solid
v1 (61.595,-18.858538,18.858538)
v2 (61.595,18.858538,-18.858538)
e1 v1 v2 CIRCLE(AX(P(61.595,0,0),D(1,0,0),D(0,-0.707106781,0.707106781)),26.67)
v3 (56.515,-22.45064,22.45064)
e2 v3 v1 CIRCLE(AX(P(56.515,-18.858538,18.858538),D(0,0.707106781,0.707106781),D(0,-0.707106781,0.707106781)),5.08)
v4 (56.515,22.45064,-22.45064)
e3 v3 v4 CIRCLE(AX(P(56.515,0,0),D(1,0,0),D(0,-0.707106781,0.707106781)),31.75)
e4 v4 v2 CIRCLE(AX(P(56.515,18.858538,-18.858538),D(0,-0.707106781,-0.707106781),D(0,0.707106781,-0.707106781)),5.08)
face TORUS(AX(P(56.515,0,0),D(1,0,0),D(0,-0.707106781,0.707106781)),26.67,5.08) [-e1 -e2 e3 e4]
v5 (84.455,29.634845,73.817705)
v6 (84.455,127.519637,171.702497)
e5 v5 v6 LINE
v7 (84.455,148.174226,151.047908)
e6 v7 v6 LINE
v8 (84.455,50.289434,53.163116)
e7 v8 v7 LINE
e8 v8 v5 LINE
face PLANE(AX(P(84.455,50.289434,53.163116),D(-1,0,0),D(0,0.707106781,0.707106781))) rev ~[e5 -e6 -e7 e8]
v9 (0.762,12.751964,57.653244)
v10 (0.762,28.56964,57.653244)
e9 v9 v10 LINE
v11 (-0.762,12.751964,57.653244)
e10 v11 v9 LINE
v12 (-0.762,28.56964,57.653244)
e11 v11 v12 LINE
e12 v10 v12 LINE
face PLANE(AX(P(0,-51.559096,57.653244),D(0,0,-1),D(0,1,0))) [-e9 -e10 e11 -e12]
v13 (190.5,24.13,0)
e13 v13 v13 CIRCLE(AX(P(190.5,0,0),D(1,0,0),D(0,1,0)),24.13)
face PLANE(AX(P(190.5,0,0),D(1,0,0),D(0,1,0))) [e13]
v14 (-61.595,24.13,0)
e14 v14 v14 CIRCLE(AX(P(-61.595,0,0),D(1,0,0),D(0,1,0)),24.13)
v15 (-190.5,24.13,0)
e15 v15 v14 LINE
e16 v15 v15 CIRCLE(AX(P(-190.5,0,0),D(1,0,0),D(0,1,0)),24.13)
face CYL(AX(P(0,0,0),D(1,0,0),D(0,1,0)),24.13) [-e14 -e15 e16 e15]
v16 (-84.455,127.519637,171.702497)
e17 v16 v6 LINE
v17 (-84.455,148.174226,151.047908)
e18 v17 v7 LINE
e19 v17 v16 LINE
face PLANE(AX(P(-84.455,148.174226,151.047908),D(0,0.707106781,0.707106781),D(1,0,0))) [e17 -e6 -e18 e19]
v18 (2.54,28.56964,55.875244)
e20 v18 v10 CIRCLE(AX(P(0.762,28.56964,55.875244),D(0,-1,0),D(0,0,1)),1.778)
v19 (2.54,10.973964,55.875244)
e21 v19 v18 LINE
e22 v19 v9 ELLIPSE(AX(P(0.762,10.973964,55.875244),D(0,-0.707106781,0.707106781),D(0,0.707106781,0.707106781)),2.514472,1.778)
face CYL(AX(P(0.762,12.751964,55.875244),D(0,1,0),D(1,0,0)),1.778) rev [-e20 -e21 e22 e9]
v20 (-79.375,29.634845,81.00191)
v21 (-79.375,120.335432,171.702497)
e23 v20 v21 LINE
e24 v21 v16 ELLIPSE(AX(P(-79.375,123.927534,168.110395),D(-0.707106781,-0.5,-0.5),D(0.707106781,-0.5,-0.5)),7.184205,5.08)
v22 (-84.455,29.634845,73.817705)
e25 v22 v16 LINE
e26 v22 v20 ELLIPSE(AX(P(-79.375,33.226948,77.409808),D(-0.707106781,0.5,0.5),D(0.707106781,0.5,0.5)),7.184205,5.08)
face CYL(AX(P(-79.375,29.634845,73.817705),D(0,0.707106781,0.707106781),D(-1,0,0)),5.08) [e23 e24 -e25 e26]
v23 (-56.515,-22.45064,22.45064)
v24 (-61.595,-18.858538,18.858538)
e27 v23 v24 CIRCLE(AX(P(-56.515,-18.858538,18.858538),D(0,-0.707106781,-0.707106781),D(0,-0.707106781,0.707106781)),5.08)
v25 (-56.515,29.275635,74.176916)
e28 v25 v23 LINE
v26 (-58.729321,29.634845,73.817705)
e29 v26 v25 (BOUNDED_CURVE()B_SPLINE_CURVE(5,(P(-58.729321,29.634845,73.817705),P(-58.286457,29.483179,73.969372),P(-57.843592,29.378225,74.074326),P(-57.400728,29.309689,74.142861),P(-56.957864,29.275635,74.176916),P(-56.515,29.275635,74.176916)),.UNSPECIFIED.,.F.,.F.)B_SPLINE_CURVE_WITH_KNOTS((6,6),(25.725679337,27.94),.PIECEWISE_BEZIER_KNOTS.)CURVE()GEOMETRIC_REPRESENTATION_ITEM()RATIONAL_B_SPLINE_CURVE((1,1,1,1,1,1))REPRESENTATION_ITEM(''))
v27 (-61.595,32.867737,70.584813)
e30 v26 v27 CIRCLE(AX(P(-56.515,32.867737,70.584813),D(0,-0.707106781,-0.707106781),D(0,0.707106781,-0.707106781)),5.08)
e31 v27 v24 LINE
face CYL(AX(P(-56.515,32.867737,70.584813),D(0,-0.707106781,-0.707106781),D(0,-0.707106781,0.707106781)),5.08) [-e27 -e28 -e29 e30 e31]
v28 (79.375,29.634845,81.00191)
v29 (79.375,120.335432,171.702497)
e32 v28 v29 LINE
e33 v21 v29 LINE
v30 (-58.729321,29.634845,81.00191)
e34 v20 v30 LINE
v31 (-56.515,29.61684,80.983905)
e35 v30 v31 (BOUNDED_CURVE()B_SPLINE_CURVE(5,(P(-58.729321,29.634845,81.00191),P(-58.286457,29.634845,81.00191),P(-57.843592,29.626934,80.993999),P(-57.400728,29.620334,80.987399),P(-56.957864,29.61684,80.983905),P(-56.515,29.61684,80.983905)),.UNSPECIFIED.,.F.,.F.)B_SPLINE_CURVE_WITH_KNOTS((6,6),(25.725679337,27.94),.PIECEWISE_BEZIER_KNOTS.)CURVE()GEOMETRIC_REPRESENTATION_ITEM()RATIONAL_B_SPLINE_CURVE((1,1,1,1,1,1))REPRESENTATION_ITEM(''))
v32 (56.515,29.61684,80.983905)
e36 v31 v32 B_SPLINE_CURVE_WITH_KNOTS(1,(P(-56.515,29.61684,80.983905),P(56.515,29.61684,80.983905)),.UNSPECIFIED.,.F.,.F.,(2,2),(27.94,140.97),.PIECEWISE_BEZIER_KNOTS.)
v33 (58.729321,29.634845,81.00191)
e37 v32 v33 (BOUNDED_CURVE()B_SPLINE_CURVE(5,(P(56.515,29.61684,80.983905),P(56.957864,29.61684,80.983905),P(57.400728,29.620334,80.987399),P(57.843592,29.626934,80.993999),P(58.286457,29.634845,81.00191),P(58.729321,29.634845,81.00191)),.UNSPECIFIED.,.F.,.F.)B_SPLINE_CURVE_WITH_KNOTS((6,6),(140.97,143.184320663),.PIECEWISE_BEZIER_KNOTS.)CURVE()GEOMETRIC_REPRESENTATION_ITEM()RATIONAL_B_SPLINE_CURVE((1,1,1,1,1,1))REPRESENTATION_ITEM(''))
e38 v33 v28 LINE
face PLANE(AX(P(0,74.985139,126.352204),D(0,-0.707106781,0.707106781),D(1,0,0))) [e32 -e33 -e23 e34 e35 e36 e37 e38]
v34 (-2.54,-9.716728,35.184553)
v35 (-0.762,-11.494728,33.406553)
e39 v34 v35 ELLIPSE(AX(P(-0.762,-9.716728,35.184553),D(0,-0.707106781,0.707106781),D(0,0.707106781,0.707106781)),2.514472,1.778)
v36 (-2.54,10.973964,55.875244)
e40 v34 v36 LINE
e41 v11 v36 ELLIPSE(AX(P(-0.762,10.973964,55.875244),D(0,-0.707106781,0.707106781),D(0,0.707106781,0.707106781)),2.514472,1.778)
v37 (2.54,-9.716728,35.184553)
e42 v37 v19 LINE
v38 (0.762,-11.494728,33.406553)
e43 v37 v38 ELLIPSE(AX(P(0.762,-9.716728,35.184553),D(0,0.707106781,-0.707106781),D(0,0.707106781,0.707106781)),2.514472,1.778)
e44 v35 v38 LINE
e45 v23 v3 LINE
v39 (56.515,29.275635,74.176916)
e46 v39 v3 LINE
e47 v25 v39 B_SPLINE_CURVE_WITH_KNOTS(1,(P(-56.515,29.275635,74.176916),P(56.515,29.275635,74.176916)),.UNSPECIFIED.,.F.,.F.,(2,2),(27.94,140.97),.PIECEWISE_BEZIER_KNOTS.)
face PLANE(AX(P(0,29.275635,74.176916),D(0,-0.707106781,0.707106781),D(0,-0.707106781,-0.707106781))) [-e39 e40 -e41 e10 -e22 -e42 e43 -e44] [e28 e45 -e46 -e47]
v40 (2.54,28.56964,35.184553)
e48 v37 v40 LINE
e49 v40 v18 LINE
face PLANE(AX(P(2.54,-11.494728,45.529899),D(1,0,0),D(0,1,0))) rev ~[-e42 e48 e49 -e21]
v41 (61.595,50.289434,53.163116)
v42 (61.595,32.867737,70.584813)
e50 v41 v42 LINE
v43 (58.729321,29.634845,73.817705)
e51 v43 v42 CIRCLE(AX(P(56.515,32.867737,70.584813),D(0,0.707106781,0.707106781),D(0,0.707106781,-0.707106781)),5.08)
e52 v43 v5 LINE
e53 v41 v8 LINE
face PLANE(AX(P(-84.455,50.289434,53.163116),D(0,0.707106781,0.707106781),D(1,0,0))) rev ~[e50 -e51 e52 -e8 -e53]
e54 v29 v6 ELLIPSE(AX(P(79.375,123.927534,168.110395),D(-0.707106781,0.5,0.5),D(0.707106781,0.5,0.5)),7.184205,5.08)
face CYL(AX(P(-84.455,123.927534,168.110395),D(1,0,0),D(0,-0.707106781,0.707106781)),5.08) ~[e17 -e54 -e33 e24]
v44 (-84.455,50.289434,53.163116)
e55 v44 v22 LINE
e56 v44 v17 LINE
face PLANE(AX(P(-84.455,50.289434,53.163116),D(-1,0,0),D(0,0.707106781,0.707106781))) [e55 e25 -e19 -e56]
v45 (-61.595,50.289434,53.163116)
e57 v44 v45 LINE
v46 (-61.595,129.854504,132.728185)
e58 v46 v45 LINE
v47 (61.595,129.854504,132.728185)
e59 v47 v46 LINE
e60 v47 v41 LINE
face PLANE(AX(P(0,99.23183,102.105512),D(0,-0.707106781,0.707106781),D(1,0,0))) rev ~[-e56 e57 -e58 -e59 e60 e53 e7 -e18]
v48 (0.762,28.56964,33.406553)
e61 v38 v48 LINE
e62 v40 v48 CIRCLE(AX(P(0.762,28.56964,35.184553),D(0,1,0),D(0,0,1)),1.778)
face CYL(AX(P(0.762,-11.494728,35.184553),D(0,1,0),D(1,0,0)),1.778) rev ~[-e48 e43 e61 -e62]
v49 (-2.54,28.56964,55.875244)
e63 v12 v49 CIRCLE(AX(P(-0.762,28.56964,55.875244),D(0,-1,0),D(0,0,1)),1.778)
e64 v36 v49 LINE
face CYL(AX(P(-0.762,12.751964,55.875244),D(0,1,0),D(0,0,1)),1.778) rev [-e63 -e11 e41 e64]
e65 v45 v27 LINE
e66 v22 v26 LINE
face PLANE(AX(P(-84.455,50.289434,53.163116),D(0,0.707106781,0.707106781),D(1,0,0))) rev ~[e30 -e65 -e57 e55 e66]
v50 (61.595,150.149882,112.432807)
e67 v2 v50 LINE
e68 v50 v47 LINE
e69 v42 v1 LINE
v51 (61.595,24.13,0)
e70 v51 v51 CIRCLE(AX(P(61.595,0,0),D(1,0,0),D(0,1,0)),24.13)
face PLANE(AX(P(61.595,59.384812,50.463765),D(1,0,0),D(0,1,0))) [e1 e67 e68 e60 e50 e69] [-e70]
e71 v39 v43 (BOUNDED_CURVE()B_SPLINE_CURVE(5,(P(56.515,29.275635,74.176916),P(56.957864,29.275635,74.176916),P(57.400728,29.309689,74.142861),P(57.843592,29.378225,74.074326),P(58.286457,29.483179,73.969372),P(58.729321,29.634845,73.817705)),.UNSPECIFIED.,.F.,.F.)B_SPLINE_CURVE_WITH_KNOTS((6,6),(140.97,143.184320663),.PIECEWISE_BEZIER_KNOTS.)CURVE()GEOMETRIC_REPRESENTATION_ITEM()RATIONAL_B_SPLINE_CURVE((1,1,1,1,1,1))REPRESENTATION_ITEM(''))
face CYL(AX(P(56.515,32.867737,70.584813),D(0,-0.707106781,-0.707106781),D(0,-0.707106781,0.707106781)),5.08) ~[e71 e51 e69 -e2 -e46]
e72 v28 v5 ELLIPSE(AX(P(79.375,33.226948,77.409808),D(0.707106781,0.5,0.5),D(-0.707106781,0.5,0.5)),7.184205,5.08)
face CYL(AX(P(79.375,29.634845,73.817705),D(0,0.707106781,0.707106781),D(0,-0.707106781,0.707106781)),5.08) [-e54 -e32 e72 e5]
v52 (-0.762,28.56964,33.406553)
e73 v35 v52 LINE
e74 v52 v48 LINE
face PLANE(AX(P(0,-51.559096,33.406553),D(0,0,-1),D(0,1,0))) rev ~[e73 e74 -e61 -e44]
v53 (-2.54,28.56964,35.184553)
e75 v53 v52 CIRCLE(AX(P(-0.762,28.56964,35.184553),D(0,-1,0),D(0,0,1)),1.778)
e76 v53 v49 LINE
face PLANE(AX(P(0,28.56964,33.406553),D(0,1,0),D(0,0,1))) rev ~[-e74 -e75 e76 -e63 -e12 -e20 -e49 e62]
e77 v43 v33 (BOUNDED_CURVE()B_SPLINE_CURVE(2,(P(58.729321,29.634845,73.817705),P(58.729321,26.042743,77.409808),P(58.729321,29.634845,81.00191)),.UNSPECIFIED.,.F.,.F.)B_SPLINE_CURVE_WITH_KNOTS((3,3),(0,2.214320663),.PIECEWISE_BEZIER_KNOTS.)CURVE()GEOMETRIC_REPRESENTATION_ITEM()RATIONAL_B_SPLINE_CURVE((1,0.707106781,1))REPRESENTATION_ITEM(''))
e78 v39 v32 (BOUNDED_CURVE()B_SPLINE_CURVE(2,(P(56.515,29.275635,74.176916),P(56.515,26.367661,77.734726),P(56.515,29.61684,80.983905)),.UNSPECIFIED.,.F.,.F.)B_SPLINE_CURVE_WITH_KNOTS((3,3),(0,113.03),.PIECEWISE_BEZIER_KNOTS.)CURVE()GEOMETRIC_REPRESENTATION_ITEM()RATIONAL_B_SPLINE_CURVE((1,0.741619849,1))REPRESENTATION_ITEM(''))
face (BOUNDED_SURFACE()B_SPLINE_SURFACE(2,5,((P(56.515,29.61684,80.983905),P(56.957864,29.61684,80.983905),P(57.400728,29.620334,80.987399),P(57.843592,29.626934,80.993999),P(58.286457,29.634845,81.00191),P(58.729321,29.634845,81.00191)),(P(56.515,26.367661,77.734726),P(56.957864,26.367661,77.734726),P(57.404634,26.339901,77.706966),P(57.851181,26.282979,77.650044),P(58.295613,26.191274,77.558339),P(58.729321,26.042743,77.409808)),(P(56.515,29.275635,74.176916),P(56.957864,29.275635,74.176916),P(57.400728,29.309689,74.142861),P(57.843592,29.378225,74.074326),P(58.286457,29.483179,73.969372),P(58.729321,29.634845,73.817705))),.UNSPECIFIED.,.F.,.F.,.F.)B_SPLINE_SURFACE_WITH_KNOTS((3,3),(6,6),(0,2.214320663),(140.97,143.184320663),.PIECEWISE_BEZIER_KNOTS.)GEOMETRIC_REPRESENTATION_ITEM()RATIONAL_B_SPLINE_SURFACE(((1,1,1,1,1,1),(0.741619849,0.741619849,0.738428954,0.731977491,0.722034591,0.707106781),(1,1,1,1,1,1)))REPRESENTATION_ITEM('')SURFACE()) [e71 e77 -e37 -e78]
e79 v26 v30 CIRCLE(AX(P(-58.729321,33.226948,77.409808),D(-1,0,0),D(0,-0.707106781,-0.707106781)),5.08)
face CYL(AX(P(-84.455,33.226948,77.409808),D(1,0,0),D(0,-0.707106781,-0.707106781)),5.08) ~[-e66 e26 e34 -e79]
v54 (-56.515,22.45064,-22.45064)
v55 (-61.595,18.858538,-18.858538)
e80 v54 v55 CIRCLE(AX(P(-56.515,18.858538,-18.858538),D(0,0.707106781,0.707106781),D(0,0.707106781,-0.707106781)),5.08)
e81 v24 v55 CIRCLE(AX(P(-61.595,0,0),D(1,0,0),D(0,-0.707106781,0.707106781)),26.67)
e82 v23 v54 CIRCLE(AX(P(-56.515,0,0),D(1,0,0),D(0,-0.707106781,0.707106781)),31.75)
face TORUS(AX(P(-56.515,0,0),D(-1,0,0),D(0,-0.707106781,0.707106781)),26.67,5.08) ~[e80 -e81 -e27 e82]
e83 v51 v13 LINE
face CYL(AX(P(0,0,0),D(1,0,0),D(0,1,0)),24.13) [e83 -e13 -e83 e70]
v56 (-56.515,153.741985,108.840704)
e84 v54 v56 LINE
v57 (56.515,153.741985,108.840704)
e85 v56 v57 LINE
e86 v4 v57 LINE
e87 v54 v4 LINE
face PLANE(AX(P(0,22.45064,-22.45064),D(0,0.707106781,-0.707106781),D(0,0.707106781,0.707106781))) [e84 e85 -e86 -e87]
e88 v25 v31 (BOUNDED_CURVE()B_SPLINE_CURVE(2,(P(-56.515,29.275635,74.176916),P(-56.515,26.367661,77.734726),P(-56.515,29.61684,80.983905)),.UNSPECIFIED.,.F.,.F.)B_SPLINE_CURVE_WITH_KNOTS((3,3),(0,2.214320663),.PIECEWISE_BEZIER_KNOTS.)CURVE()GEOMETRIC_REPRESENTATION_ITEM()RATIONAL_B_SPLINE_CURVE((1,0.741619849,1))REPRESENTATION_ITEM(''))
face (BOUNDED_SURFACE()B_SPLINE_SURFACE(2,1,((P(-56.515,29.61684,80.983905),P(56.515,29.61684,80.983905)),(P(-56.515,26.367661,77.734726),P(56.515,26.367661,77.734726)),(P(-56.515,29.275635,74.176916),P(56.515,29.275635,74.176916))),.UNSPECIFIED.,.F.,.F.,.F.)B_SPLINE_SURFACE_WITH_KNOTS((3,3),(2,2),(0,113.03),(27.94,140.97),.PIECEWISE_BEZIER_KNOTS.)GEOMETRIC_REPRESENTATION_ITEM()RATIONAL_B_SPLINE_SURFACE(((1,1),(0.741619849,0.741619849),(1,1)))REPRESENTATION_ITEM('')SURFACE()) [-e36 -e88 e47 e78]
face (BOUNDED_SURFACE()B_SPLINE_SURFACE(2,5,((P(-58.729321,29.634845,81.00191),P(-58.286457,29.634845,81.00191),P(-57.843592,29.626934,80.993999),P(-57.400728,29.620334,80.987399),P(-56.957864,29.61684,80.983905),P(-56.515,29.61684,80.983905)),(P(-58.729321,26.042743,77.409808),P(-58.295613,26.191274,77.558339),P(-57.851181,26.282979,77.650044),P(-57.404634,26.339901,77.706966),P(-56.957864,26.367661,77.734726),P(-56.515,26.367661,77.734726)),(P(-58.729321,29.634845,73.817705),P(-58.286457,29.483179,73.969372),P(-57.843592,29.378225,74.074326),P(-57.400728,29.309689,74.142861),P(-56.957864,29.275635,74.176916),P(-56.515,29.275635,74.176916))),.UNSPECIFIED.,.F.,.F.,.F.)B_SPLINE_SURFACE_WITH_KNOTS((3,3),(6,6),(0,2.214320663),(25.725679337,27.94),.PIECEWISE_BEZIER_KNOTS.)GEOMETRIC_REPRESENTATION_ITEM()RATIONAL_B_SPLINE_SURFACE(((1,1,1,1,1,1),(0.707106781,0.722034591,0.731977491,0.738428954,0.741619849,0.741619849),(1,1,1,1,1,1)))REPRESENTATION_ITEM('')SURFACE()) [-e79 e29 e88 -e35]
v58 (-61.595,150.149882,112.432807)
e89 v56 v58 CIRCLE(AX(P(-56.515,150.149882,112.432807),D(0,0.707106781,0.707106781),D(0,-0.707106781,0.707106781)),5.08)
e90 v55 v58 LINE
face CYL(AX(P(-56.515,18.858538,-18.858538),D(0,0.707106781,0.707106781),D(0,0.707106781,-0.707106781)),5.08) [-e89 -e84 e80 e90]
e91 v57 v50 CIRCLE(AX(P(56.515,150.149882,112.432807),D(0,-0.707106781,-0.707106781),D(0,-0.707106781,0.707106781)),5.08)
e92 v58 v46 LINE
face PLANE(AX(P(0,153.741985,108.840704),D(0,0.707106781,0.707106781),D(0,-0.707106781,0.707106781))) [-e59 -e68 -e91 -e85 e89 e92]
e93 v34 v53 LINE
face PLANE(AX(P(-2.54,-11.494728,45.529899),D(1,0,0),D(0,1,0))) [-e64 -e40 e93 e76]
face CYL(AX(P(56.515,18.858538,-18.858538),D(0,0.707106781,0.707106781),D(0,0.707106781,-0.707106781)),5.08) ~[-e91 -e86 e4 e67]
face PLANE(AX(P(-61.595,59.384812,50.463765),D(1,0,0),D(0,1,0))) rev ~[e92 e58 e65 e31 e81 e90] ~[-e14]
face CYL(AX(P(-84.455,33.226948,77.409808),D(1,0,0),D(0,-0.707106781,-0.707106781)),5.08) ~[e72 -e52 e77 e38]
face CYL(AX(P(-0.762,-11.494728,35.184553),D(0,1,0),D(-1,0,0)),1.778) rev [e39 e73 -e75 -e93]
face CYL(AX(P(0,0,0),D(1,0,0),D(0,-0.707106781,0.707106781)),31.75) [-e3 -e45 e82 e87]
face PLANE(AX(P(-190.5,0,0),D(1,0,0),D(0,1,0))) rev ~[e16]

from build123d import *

# Parameters (mm, degrees)
F3_DEPTH  = 61.595
F4_W      = 168.91
F4_H      = 138.43
F5_DEPTH  = 34.29
F6_W      = 80.128736575
F6_H      = 24.2466915269
F7_DEPTH  = 2.54
F8_R      = 1.778
F9_R      = 5.08
F10_R     = 5.08
F11_R     = 24.13
F12_DEPTH = 190.5


with BuildPart() as f3:
    # F2 (on Right) → F3 (new body, symmetric)
    with BuildSketch(Plane.YZ):
        with BuildLine():
            Line((29.2756349547, 74.17691556), (-22.4506403027, 22.4506403027))
            ThreePointArc((-22.4506403027, 22.4506403027), (-22.4506403027, -22.4506403027), (22.4506403027, -22.4506403027))
            Line((22.4506403027, -22.4506403027), (153.7419847927, 108.8407041874))
            Line((153.7419847927, 108.8407041874), (129.8545035107, 132.7281854694))
            Line((129.8545035107, 132.7281854694), (50.289434278, 53.1631162367))
            Line((50.289434278, 53.1631162367), (29.2756349547, 74.17691556))
        make_face()
    extrude(amount=F3_DEPTH, both=True)

    # F4 (on face) → F5 (join)
    with BuildSketch(Plane(origin=(0, -1.4368409794, 1.4368409794), x_dir=(1, 0, 0), z_dir=(0, -0.7071067812, 0.7071067812))):
        with Locations((0, 142.367)):
            Rectangle(F4_W, F4_H)
    extrude(amount=F5_DEPTH)

    # F6 (on Right) → F7 (cut, symmetric)
    with BuildSketch(Plane.YZ):
        with Locations((-11.494727835, 45.5298985338)):
            Rectangle(F6_W, F6_H)
    extrude(amount=F7_DEPTH, both=True, mode=Mode.SUBTRACT)

    # F8
    f8_edges = [f3.edges().sort_by_distance(p)[0] for p in [
        (2.54, 20.660802, 57.653244),
        (-2.54, 20.660802, 57.653244),
        (2.54, 8.537456, 33.406553),
        (-2.54, 8.537456, 33.406553),
    ]]
    fillet(f8_edges, radius=F8_R)

    # F9
    f9_edges = [f3.edges().sort_by_distance(p)[0] for p in [
        (-61.595, 3.412497, 48.313778),
        (61.595, 3.412497, 48.313778),
    ]]
    fillet(f9_edges, radius=F9_R)

    # F10
    f10_edges = [f3.edges().sort_by_distance(p)[0] for p in [
        (84.455, 74.985139, 126.352204),
        (0, 123.927534, 175.294599),
        (-84.455, 74.985139, 126.352204),
        (0, 26.042743, 77.409808),
    ]]
    fillet(f10_edges, radius=F10_R)

    # F11 (on Right) → F12 (join, symmetric)
    with BuildSketch(Plane.YZ):
        Circle(F11_R)
    extrude(amount=F12_DEPTH, both=True)


solid = f3.part
